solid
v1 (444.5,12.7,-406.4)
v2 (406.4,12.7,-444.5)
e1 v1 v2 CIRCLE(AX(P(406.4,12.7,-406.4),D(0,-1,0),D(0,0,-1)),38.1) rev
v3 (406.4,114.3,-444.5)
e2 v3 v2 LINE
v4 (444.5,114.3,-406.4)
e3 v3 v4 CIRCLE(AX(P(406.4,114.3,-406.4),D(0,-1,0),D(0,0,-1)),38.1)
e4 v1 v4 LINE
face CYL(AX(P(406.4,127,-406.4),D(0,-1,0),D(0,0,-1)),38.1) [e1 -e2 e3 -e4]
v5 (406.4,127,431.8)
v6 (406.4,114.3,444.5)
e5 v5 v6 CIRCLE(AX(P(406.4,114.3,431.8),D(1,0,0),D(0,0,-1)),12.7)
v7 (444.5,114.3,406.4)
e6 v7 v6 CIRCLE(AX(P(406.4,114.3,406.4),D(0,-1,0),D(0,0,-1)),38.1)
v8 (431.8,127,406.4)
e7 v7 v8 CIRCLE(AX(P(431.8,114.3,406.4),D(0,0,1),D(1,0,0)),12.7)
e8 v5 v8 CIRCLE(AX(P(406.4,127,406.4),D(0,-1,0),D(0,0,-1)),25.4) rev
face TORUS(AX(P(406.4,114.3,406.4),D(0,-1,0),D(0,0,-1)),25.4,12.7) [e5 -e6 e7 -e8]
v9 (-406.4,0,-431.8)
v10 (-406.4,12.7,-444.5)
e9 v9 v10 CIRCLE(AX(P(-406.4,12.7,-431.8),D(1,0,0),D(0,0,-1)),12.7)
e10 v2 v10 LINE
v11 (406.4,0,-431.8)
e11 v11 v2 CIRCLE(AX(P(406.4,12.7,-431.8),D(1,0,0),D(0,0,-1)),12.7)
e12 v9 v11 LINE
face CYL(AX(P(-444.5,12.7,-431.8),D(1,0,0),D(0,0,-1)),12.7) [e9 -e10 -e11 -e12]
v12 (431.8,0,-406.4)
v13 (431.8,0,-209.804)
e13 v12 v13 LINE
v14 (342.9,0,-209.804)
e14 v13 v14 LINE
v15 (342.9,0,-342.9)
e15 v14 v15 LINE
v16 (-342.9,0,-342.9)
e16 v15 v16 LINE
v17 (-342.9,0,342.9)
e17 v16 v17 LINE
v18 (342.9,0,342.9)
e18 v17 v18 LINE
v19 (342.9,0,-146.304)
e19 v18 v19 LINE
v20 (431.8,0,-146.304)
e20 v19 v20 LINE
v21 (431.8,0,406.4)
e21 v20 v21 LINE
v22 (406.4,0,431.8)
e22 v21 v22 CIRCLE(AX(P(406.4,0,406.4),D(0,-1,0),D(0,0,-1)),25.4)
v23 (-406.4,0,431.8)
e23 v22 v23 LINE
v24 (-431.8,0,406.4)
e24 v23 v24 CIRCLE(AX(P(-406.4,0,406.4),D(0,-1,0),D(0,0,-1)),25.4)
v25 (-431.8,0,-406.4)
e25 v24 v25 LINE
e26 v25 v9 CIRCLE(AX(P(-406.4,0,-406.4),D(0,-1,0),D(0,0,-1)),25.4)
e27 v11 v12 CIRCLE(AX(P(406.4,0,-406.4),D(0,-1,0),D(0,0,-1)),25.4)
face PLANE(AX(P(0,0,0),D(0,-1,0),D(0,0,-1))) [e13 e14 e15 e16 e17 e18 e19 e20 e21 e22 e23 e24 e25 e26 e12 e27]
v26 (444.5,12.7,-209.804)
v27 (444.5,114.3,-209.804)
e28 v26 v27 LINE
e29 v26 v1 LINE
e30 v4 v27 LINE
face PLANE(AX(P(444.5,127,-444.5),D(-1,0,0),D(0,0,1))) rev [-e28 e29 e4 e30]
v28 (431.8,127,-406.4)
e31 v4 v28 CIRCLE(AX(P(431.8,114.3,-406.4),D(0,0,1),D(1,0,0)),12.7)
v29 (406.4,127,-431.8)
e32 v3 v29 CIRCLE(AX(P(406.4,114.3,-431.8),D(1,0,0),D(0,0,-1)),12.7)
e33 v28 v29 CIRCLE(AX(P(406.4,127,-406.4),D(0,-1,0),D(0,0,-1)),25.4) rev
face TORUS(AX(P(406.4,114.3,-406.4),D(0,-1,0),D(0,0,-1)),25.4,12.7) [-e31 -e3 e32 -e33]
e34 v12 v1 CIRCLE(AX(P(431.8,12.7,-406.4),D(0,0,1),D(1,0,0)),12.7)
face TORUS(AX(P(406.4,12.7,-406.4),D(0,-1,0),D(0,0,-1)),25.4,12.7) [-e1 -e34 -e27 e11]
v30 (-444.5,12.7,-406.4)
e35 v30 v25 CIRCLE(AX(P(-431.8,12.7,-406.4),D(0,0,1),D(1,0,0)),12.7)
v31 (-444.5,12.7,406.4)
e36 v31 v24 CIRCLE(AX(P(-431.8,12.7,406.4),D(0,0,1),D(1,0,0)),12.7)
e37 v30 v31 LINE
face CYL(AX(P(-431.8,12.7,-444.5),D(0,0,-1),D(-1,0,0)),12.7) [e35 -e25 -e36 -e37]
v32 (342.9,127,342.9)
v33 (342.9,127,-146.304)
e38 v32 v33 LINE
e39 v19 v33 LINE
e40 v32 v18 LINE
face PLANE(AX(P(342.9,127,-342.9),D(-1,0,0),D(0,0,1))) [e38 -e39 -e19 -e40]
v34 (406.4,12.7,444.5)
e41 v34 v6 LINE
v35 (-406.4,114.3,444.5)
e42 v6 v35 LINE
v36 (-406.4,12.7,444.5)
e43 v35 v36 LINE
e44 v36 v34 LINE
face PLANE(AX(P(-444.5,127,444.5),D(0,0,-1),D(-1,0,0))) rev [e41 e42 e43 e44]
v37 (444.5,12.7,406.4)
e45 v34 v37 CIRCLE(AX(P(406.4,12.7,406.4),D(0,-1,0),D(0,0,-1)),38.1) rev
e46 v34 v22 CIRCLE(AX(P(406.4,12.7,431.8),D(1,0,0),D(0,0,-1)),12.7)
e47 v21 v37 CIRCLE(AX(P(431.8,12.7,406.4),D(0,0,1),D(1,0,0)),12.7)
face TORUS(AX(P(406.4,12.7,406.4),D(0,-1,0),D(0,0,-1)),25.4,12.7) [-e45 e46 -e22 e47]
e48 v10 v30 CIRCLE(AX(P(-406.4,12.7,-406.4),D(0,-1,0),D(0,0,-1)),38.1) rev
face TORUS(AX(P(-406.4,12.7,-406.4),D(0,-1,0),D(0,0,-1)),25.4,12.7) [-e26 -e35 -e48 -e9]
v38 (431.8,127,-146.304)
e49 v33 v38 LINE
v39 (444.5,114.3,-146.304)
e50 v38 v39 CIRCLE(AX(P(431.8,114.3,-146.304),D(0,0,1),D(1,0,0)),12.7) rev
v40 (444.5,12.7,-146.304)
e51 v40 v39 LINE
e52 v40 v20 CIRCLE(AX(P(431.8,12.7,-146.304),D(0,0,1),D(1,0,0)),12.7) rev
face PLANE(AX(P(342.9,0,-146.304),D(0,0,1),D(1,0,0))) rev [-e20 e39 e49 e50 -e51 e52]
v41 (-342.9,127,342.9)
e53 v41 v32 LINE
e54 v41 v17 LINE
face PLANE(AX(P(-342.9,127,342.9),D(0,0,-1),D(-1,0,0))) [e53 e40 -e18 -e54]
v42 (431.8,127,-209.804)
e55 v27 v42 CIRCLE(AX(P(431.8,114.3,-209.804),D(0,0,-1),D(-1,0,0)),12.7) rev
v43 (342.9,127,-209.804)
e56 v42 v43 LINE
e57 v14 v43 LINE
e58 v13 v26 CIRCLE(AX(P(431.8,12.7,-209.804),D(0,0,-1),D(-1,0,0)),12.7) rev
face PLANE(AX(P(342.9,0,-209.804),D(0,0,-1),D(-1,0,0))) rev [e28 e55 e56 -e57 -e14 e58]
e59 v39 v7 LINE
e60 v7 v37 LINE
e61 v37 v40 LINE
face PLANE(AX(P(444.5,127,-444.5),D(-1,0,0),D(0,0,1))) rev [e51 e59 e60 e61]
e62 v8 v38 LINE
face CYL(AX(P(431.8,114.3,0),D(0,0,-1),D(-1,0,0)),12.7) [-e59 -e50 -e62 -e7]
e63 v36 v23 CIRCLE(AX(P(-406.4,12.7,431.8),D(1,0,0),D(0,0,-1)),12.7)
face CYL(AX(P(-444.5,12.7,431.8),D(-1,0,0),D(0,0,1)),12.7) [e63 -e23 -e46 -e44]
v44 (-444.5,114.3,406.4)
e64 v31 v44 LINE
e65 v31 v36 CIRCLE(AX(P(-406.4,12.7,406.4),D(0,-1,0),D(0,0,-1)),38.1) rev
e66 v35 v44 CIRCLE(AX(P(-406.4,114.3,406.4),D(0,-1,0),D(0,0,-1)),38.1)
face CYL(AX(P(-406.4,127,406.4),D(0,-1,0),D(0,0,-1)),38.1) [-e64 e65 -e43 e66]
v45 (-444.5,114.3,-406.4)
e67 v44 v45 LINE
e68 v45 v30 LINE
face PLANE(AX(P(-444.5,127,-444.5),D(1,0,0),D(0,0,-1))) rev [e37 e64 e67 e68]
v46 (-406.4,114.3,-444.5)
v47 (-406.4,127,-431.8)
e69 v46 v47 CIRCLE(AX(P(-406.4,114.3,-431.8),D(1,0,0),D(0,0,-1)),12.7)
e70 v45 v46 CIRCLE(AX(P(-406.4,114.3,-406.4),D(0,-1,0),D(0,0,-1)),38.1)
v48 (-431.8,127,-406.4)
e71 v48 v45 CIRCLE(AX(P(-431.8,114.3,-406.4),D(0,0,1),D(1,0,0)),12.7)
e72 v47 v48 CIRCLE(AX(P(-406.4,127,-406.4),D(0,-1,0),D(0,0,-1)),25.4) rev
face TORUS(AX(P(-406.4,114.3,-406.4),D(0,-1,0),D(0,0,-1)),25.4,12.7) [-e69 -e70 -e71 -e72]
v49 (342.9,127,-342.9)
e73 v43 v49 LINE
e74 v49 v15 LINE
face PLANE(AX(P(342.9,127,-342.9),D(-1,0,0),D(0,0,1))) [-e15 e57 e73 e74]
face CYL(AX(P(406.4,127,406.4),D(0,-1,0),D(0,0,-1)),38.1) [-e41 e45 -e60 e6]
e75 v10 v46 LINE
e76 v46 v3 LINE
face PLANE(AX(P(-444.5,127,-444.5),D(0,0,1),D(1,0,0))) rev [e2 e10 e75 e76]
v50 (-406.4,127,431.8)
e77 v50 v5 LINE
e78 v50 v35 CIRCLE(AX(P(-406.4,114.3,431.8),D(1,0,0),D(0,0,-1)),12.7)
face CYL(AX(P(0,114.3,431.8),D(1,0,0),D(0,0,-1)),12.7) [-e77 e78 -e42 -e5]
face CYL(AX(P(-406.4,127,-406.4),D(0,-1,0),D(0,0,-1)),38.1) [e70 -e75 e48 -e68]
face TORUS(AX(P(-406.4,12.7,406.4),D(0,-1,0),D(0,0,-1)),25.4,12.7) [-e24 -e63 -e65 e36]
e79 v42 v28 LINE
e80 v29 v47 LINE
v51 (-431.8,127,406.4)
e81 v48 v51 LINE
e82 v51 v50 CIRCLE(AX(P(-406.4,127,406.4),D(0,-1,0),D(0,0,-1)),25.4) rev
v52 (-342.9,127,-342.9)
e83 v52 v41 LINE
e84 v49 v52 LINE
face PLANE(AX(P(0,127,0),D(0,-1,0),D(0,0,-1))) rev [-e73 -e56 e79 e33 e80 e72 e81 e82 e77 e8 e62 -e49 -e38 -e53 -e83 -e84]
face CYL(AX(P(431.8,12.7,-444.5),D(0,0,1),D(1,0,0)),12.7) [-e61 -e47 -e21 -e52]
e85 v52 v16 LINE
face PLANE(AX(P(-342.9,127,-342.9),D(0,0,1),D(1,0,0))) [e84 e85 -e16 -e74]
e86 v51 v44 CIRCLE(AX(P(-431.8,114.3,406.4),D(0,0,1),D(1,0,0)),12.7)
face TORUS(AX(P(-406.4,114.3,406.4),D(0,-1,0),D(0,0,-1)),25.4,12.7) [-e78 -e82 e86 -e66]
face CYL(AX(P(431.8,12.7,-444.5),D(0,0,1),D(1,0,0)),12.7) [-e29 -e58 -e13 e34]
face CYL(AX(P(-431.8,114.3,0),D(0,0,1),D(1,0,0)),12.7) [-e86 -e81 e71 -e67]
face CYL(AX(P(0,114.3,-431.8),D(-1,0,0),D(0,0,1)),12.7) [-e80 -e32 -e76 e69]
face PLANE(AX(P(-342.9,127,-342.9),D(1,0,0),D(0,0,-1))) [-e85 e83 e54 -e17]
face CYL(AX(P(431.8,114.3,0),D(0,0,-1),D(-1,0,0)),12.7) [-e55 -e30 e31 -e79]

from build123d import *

# Parameters (mm, degrees)
SKETCH1_W           = 889
SKETCH1_H           = 889
SKETCH1_W_2         = 685.8
SKETCH1_H_2         = 685.8
BOSS_EXTRUDE1_DEPTH = 127
FILLET1_R           = 38.1
FILLET2_R           = 12.7
SKETCH2_W           = 101.6
SKETCH2_H           = 63.5
CUT_EXTRUDE1_DEPTH  = 128


with BuildPart() as part:
    # Sketch1 → Boss-Extrude1 (new body)
    with BuildSketch(Plane(origin=(0, 0, 0), x_dir=(1, 0, 0), z_dir=(0, 1, 0))):
        Rectangle(SKETCH1_W, SKETCH1_H)
        Rectangle(SKETCH1_W_2, SKETCH1_H_2, mode=Mode.SUBTRACT)
    extrude(amount=BOSS_EXTRUDE1_DEPTH)

    # Fillet1
    fillet1_edges = [part.edges().sort_by_distance(p)[0] for p in [
        (444.5, 63.5, -444.5),
        (444.5, 63.5, 444.5),
        (-444.5, 63.5, 444.5),
        (-444.5, 63.5, -444.5),
    ]]
    fillet(fillet1_edges, radius=FILLET1_R)

    # Fillet2
    fillet2_edges = [part.edges().sort_by_distance(p)[0] for p in [
        (-444.5, 0, 0),
        (-444.5, 127, 0),
        (0, 0, -444.5),
        (444.5, 0, 0),
        (0, 0, 444.5),
        (-433.340768363, 0, 433.340768363),
        (433.340768363, 0, 433.340768363),
        (433.340768363, 0, -433.340768363),
        (-433.340768363, 0, -433.340768363),
        (0, 127, -444.5),
        (0, 127, 444.5),
        (444.5, 127, 0),
        (-433.340768363, 127, 433.340768363),
        (433.340768363, 127, 433.340768363),
        (433.340768363, 127, -433.340768363),
        (-433.340768363, 127, -433.340768363),
    ]]
    fillet(fillet2_edges, radius=FILLET2_R)

    # Sketch2 → Cut-Extrude1 (cut, through all)
    with BuildSketch(Plane(origin=(0, 127, 0), x_dir=(1, 0, 0), z_dir=(0, 1, 0))):
        with Locations((393.7, 178.054)):
            Rectangle(SKETCH2_W, SKETCH2_H)
    extrude(amount=-CUT_EXTRUDE1_DEPTH, mode=Mode.SUBTRACT)


solid = part.part
